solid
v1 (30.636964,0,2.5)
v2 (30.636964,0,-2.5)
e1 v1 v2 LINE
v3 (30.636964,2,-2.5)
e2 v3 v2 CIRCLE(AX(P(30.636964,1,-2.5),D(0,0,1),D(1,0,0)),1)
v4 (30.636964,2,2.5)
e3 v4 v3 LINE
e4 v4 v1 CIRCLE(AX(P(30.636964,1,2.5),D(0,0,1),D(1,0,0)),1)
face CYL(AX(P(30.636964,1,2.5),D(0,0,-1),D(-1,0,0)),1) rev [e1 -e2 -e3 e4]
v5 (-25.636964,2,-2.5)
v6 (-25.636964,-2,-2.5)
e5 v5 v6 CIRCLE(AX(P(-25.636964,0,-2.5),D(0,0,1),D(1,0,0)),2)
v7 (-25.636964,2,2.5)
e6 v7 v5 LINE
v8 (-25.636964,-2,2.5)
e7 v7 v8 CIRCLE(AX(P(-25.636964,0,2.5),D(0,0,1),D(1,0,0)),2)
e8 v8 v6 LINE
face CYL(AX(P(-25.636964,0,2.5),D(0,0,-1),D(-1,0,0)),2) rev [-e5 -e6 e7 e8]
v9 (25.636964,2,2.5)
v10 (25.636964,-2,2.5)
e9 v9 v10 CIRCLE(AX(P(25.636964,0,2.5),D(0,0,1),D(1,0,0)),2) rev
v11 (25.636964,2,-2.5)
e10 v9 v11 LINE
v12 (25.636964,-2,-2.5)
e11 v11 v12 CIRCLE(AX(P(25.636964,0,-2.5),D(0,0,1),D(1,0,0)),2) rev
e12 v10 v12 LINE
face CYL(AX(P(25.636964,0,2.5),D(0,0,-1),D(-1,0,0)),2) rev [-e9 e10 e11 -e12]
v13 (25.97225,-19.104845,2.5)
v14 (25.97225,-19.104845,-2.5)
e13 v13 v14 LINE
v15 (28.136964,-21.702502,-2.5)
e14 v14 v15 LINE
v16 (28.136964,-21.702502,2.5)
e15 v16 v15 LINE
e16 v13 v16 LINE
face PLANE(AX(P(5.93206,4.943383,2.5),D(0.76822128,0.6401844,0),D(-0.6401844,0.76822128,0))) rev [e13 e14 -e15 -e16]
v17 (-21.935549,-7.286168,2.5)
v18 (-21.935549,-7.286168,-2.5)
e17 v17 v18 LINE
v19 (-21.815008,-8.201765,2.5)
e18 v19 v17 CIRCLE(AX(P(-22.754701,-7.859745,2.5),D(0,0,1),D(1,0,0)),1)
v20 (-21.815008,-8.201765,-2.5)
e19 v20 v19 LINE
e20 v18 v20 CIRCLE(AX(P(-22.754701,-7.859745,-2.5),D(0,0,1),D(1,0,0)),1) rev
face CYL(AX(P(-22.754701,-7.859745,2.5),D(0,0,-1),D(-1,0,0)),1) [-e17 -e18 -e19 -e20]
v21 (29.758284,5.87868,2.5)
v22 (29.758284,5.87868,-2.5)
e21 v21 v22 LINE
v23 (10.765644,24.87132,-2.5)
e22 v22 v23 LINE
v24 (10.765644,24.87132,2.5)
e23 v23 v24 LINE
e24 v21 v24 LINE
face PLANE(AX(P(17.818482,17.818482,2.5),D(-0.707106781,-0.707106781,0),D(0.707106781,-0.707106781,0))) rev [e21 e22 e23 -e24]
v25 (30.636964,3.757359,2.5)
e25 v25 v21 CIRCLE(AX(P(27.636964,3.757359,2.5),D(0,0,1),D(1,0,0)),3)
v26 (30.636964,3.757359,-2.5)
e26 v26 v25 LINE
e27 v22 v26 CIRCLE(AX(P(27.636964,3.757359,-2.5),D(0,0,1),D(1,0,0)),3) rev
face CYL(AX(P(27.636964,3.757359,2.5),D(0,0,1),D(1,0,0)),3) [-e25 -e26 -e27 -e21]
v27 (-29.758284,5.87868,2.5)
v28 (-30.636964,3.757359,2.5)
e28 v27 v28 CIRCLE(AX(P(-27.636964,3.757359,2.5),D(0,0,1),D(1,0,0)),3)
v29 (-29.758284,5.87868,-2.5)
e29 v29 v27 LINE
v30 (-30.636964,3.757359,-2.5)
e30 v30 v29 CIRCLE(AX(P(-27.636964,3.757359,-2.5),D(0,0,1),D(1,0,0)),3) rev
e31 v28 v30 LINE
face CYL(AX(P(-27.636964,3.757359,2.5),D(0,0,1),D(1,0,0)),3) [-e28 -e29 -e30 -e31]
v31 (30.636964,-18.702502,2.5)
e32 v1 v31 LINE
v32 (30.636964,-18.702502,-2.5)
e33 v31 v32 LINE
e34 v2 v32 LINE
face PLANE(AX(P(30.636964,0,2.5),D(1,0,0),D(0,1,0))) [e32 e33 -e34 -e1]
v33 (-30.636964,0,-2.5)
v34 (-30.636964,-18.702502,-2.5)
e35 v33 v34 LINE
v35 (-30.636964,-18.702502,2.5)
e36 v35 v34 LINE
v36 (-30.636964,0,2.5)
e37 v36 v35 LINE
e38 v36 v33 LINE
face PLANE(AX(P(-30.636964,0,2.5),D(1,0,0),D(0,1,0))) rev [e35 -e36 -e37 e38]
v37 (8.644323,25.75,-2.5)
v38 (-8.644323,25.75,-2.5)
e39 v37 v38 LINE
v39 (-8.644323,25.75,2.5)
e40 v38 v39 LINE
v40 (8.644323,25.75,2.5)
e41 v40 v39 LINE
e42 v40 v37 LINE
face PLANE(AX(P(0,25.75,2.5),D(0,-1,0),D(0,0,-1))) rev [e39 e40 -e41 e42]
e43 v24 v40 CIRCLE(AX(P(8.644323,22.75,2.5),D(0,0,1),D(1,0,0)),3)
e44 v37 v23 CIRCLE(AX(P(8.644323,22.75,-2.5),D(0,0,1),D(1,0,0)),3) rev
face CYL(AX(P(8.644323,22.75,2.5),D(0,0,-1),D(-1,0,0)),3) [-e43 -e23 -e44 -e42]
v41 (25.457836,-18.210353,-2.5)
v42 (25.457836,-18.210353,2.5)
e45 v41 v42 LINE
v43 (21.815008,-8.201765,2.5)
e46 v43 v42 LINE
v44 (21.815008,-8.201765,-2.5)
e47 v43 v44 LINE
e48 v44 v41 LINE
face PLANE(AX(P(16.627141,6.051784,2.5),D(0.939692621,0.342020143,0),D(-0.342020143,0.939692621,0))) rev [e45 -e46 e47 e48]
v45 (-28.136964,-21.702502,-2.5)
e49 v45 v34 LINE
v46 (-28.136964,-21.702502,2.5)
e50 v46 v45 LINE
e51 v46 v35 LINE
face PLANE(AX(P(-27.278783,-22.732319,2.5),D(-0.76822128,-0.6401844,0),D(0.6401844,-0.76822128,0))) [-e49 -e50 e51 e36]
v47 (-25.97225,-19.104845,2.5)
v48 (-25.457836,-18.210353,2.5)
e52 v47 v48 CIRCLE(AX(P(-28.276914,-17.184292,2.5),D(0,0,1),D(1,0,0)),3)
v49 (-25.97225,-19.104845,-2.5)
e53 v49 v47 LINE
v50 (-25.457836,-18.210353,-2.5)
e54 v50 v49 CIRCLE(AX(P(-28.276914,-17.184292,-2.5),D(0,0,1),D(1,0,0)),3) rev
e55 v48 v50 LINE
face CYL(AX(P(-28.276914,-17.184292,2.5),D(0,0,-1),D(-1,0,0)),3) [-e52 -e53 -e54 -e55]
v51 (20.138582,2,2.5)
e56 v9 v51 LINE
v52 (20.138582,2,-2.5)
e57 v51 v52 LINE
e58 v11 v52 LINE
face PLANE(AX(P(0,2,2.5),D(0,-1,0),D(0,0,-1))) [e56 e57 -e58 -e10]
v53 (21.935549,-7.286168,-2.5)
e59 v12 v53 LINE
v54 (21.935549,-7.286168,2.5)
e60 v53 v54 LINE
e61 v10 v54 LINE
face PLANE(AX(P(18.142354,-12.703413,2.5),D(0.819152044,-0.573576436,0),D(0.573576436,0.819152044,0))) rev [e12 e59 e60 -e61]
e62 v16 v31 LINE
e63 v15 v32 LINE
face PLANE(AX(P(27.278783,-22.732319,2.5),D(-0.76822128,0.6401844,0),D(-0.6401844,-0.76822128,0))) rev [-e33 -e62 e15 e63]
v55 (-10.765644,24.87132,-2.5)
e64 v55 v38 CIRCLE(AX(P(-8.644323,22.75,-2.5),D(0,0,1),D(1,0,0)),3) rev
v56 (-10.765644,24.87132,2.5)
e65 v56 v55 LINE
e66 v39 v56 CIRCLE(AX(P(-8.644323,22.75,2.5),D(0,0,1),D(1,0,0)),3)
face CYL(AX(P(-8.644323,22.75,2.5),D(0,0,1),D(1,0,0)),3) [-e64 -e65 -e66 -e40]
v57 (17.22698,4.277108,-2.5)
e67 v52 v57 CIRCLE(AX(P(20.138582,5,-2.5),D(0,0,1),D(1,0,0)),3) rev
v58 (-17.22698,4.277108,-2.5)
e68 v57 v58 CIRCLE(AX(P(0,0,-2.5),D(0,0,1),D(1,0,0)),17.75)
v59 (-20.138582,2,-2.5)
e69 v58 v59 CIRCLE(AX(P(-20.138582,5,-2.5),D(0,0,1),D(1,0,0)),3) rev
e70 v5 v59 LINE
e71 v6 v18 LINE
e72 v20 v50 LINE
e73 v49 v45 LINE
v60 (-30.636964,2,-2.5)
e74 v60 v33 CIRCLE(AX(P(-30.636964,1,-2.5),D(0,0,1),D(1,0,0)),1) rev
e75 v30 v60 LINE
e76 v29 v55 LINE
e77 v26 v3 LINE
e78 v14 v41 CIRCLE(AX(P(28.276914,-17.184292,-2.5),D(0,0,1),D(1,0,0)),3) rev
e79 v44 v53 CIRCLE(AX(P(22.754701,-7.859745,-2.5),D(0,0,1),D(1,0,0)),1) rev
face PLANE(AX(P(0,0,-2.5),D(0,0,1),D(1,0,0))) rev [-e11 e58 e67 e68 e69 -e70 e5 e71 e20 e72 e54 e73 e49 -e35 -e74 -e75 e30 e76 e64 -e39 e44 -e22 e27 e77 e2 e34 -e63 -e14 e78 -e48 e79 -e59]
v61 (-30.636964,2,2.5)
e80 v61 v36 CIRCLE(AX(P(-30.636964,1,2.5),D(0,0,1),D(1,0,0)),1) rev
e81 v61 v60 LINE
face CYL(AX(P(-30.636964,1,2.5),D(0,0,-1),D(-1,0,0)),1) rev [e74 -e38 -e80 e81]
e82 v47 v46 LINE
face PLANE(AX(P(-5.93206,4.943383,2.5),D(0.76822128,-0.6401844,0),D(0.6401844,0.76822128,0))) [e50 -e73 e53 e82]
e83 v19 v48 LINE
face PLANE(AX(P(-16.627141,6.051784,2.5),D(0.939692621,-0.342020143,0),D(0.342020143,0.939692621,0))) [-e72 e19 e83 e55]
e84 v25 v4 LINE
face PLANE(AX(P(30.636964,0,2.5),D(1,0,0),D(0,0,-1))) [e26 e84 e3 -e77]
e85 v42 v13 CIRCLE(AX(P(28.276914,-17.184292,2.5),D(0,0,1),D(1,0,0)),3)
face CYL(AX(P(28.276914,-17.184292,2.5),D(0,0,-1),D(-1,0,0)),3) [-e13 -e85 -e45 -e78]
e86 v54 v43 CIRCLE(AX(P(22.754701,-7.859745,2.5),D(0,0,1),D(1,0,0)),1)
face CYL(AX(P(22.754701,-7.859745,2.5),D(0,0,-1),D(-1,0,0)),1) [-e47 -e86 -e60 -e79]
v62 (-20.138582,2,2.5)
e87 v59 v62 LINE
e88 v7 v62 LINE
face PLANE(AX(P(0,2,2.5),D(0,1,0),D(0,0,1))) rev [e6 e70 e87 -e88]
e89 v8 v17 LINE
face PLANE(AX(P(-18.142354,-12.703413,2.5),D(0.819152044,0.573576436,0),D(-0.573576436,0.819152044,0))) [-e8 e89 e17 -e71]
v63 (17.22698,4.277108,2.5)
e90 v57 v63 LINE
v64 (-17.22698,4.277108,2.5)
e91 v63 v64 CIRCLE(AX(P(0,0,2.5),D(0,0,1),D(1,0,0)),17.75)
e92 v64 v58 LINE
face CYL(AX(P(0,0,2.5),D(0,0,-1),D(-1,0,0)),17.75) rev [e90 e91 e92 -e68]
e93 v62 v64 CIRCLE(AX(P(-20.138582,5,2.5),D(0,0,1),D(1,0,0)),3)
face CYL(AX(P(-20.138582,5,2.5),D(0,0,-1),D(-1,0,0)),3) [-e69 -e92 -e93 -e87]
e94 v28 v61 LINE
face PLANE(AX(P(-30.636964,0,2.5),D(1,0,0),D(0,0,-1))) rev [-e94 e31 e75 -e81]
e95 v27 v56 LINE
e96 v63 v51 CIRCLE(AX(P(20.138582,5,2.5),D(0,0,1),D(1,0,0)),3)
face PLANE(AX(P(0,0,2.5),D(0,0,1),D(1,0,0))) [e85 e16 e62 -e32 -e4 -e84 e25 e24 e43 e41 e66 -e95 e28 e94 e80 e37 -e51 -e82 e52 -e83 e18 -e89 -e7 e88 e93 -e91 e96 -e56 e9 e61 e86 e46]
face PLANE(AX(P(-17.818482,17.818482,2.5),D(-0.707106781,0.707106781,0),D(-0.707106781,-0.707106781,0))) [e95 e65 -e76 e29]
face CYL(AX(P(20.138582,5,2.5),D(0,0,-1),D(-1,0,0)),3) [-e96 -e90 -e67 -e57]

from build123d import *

# Parameters (mm, degrees)
BOSS_EXTRUDE1_DEPTH = 2.5
FILLET1_R           = 3
FILLET2_R           = 1


with BuildPart() as part:
    # Sketch1 → Boss-Extrude1 (new, symmetric)
    with BuildSketch(Plane.XY):
        with BuildLine():
            Line((17.636964024, 2), (25.636964024, 2))
            ThreePointArc((25.636964024, 2), (27.636964024, 0), (25.636964024, -2))
            Line((25.636964024, -2), (21.636964024, -7.712592027))
            Line((21.636964024, -7.712592027), (25.636964024, -18.702501705))
            Line((25.636964024, -18.702501705), (28.136964024, -21.702501705))
            Line((28.136964024, -21.702501705), (30.636964024, -18.702501705))
            Line((30.636964024, -18.702501705), (30.636964024, 0))
            ThreePointArc((30.636964024, 0), (29.636964024, 1), (30.636964024, 2))
            Line((30.636964024, 2), (30.636964024, 5))
            Line((30.636964024, 5), (9.886964024, 25.75))
            Line((9.886964024, 25.75), (-9.886964024, 25.75))
            Line((-9.886964024, 25.75), (-30.636964024, 5))
            Line((-30.636964024, 5), (-30.636964024, 2))
            ThreePointArc((-30.636964024, 2), (-29.636964024, 1), (-30.636964024, 0))
            Line((-30.636964024, 0), (-30.636964024, -18.702501705))
            Line((-30.636964024, -18.702501705), (-28.136964024, -21.702501705))
            Line((-28.136964024, -21.702501705), (-25.636964024, -18.702501705))
            Line((-25.636964024, -18.702501705), (-21.636964024, -7.712592027))
            Line((-21.636964024, -7.712592027), (-25.636964024, -2))
            ThreePointArc((-25.636964024, -2), (-27.636964024, 0), (-25.636964024, 2))
            Line((-25.636964024, 2), (-17.636964024, 2))
            ThreePointArc((-17.636964024, 2), (0, 17.75), (17.636964024, 2))
        make_face()
    extrude(amount=BOSS_EXTRUDE1_DEPTH, both=True)

    # Fillet1
    fillet1_edges = [part.edges().sort_by_distance(p)[0] for p in [
        (-25.636964024, -18.702501705, 0),
        (-30.636964024, 5, 0),
        (-9.886964024, 25.75, 0),
        (9.886964024, 25.75, 0),
        (30.636964024, 5, 0),
        (25.636964024, -18.702501705, 0),
        (17.636964024, 2, 0),
        (-17.636964024, 2, 0),
    ]]
    fillet(fillet1_edges, radius=FILLET1_R)

    # Fillet2
    fillet2_edges = [part.edges().sort_by_distance(p)[0] for p in [
        (-21.636964024, -7.712592027, 0),
        (21.636964024, -7.712592027, 0),
    ]]
    fillet(fillet2_edges, radius=FILLET2_R)


solid = part.part
